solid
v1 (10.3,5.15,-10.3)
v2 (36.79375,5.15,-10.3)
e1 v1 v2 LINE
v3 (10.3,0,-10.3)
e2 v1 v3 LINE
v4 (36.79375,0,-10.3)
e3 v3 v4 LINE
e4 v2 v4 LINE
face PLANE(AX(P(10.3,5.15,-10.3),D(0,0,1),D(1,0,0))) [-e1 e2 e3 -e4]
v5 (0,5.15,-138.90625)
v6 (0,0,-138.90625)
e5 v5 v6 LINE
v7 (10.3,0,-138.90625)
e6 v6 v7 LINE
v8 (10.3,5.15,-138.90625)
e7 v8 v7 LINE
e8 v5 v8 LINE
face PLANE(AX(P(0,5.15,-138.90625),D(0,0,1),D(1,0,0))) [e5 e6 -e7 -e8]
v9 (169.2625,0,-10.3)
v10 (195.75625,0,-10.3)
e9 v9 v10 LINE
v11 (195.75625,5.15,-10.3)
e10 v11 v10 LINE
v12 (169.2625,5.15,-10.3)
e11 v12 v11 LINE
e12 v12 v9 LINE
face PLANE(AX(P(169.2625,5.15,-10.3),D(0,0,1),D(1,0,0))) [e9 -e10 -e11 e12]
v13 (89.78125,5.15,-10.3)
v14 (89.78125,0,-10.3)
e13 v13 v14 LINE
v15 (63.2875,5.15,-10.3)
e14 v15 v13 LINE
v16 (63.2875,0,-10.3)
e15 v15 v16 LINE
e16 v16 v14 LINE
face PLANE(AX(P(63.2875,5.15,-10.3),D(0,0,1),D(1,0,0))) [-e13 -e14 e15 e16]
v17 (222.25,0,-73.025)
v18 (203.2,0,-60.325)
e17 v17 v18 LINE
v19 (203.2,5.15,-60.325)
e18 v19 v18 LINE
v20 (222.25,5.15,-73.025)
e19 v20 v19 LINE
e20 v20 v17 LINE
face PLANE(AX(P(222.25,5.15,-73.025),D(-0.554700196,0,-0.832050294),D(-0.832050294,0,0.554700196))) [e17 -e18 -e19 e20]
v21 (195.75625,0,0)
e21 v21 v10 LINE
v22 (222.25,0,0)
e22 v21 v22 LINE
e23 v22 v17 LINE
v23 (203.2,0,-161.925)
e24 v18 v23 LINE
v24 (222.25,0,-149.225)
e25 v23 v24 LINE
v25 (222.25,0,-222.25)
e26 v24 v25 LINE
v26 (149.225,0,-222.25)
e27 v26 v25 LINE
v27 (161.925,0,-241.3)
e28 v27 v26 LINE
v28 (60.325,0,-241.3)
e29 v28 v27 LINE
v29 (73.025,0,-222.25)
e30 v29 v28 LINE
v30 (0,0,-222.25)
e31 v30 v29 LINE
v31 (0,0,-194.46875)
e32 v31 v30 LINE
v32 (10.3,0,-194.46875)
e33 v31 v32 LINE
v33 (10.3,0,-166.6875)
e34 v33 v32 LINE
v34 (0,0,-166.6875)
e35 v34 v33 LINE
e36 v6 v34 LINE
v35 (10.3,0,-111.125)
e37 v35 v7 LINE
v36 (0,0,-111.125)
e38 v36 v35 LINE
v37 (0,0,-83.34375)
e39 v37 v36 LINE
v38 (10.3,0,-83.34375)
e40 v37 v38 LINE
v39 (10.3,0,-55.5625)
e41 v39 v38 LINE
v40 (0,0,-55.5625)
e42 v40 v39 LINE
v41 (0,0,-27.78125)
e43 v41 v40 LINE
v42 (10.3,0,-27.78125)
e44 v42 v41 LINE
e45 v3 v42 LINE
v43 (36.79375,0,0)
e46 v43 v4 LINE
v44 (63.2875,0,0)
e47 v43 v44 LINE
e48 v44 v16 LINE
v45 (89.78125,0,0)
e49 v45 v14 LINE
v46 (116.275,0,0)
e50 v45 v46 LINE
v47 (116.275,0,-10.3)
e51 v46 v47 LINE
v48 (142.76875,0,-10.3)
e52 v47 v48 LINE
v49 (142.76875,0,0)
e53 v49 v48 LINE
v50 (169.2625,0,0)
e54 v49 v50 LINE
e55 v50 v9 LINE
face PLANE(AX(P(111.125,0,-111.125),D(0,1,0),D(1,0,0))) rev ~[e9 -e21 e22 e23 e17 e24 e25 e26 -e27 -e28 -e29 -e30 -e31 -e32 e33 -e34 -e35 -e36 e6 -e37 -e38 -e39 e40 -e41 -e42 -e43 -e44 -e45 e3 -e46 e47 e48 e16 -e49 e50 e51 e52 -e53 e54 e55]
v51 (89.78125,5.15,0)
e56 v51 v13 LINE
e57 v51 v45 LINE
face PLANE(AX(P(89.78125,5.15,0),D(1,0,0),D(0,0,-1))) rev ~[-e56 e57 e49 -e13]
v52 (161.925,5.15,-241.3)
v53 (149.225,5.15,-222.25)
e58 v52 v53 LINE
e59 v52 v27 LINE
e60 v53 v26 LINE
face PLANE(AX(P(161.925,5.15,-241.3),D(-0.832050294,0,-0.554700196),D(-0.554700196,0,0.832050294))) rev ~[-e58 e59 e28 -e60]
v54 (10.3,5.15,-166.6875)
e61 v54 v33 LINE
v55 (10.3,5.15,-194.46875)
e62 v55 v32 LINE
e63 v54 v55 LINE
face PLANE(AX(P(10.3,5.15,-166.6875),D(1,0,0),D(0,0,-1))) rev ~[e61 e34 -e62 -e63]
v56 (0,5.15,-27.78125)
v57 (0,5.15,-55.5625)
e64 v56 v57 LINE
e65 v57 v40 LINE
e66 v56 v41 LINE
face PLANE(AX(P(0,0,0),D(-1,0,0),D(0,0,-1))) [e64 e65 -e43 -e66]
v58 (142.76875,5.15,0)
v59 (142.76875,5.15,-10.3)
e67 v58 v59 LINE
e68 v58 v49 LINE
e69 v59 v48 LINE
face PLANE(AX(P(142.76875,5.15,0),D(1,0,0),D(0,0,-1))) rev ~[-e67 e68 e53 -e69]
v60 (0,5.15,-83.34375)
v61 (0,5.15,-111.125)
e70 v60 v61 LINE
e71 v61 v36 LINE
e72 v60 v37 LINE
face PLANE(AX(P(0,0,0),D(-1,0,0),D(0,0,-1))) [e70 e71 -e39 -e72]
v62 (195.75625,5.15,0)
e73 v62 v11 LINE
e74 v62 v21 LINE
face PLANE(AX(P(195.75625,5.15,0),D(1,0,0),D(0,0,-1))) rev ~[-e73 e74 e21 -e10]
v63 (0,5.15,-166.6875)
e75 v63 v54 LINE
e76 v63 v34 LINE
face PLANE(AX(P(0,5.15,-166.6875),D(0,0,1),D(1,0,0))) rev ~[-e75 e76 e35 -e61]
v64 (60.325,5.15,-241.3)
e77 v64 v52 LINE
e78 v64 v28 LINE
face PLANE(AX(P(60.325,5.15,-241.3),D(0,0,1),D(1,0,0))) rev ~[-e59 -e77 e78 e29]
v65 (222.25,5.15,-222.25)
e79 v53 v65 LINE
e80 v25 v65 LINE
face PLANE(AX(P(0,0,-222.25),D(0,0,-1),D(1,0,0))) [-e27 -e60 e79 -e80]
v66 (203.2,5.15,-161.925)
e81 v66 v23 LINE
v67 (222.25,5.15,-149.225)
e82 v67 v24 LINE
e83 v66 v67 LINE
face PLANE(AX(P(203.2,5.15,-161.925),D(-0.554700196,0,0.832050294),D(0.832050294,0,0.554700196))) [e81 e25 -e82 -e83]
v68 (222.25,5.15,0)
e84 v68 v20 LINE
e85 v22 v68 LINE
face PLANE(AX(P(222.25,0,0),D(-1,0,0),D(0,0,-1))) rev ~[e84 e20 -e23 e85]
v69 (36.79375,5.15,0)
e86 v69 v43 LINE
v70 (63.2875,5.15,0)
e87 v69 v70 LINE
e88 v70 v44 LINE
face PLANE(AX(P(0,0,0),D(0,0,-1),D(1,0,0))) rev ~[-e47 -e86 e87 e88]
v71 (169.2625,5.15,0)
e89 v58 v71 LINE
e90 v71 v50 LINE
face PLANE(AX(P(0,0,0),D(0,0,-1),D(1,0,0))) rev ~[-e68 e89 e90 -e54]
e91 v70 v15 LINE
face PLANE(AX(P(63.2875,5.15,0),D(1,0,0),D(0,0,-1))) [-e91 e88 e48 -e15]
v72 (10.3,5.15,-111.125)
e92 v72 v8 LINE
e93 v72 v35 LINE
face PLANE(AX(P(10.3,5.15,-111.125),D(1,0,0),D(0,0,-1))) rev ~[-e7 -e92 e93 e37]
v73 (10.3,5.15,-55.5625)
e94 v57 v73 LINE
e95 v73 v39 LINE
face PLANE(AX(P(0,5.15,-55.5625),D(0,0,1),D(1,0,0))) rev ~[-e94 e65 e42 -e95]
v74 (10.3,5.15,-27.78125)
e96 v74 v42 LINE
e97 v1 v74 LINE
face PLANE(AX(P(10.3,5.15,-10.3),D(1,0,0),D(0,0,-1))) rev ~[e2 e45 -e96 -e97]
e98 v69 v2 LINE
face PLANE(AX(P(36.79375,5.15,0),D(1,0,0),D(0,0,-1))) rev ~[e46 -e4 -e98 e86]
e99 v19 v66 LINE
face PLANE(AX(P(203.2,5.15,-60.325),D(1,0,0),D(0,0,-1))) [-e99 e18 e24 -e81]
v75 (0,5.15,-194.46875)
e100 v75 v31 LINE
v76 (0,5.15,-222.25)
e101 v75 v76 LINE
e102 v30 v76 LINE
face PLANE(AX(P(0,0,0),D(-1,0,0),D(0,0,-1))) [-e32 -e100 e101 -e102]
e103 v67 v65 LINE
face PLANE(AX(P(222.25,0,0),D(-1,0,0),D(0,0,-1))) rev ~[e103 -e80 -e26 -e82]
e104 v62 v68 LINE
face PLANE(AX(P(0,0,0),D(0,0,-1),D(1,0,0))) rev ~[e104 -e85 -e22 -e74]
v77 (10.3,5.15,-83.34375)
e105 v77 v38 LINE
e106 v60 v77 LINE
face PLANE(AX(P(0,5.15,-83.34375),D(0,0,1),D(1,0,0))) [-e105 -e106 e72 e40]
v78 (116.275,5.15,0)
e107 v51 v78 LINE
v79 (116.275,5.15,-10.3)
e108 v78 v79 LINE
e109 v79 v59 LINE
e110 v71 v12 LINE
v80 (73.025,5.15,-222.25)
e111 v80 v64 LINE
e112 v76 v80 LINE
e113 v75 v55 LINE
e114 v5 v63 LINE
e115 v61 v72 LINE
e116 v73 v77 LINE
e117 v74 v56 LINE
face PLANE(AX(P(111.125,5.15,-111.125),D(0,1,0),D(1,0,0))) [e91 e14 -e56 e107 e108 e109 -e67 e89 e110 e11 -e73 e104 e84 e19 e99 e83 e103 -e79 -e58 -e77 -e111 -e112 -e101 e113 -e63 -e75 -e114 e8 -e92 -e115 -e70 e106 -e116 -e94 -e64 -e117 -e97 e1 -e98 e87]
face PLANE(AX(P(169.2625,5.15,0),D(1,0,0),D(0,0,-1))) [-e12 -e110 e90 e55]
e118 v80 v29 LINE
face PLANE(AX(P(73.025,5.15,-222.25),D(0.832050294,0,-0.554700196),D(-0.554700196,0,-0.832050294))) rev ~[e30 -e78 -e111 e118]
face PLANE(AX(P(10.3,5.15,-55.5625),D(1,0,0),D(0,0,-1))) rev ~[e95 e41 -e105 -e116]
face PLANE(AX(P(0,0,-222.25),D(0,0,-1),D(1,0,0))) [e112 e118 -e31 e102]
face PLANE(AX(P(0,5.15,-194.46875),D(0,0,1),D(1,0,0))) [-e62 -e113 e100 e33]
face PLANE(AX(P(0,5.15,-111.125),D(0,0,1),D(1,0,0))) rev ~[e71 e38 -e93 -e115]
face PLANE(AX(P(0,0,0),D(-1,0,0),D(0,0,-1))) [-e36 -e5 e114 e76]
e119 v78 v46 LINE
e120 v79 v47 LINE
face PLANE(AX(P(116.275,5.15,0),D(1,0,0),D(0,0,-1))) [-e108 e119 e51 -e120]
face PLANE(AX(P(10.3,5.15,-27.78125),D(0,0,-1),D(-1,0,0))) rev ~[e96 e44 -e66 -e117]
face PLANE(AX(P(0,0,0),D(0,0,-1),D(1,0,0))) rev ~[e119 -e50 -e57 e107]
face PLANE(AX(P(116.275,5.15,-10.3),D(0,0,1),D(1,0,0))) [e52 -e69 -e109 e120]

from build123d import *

# Parameters (mm, degrees)
SKETCH1_W           = 222.25
SKETCH1_H           = 222.25
BOSS_EXTRUDE1_DEPTH = 5.15
SKETCH2_W           = 26.49375
SKETCH2_H           = 10.3
SKETCH2_W_2         = 10.3
SKETCH2_H_2         = 27.78125
CUT_EXTRUDE1_DEPTH  = 315.351153171
BOSS_EXTRUDE2_DEPTH = 5.15
CUT_EXTRUDE2_DEPTH  = 329.096441614


with BuildPart() as part:
    # Sketch1 → Boss-Extrude1 (new body)
    with BuildSketch(Plane(origin=(0, 0, 0), x_dir=(1, 0, 0), z_dir=(0, 1, 0))):
        with Locations((111.125, 111.125)):
            Rectangle(SKETCH1_W, SKETCH1_H)
    extrude(amount=BOSS_EXTRUDE1_DEPTH)

    # Sketch2 → Cut-Extrude1 (cut, through all)
    with BuildSketch(Plane(origin=(0, 5.15, 0), x_dir=(1, 0, 0), z_dir=(0, 1, 0))):
        with Locations((182.509375, 5.15)):
            Rectangle(SKETCH2_W, SKETCH2_H)
        with Locations((129.521875, 5.15)):
            Rectangle(SKETCH2_W, SKETCH2_H)
        with Locations((76.534375, 5.15)):
            Rectangle(SKETCH2_W, SKETCH2_H)
        with Locations((23.546875, 5.15)):
            Rectangle(SKETCH2_W, SKETCH2_H)
        Polygon((0, 0), (10.3, 0), (10.3, 10.3), (10.3, 27.78125), (0, 27.78125), align=None)
        with Locations((5.15, 69.453125)):
            Rectangle(SKETCH2_W_2, SKETCH2_H_2)
        with Locations((5.15, 125.015625)):
            Rectangle(SKETCH2_W_2, SKETCH2_H_2)
        with Locations((5.15, 180.578125)):
            Rectangle(SKETCH2_W_2, SKETCH2_H_2)
    extrude(amount=-CUT_EXTRUDE1_DEPTH, mode=Mode.SUBTRACT)

    # Sketch3 → Boss-Extrude2 (add)
    with BuildSketch(Plane(origin=(0, 5.15, 0), x_dir=(1, 0, 0), z_dir=(0, 1, 0))):
        Polygon((73.025, 222.25), (60.325, 241.3), (161.925, 241.3), (149.225, 222.25), align=None)
    extrude(amount=-BOSS_EXTRUDE2_DEPTH)

    # Sketch4 → Cut-Extrude2 (cut, through all)
    with BuildSketch(Plane(origin=(0, 5.15, 0), x_dir=(1, 0, 0), z_dir=(0, 1, 0))):
        Polygon((222.25, 73.025), (203.2, 60.325), (203.2, 161.925), (222.25, 149.225), align=None)
    extrude(amount=-CUT_EXTRUDE2_DEPTH, mode=Mode.SUBTRACT)


solid = part.part
